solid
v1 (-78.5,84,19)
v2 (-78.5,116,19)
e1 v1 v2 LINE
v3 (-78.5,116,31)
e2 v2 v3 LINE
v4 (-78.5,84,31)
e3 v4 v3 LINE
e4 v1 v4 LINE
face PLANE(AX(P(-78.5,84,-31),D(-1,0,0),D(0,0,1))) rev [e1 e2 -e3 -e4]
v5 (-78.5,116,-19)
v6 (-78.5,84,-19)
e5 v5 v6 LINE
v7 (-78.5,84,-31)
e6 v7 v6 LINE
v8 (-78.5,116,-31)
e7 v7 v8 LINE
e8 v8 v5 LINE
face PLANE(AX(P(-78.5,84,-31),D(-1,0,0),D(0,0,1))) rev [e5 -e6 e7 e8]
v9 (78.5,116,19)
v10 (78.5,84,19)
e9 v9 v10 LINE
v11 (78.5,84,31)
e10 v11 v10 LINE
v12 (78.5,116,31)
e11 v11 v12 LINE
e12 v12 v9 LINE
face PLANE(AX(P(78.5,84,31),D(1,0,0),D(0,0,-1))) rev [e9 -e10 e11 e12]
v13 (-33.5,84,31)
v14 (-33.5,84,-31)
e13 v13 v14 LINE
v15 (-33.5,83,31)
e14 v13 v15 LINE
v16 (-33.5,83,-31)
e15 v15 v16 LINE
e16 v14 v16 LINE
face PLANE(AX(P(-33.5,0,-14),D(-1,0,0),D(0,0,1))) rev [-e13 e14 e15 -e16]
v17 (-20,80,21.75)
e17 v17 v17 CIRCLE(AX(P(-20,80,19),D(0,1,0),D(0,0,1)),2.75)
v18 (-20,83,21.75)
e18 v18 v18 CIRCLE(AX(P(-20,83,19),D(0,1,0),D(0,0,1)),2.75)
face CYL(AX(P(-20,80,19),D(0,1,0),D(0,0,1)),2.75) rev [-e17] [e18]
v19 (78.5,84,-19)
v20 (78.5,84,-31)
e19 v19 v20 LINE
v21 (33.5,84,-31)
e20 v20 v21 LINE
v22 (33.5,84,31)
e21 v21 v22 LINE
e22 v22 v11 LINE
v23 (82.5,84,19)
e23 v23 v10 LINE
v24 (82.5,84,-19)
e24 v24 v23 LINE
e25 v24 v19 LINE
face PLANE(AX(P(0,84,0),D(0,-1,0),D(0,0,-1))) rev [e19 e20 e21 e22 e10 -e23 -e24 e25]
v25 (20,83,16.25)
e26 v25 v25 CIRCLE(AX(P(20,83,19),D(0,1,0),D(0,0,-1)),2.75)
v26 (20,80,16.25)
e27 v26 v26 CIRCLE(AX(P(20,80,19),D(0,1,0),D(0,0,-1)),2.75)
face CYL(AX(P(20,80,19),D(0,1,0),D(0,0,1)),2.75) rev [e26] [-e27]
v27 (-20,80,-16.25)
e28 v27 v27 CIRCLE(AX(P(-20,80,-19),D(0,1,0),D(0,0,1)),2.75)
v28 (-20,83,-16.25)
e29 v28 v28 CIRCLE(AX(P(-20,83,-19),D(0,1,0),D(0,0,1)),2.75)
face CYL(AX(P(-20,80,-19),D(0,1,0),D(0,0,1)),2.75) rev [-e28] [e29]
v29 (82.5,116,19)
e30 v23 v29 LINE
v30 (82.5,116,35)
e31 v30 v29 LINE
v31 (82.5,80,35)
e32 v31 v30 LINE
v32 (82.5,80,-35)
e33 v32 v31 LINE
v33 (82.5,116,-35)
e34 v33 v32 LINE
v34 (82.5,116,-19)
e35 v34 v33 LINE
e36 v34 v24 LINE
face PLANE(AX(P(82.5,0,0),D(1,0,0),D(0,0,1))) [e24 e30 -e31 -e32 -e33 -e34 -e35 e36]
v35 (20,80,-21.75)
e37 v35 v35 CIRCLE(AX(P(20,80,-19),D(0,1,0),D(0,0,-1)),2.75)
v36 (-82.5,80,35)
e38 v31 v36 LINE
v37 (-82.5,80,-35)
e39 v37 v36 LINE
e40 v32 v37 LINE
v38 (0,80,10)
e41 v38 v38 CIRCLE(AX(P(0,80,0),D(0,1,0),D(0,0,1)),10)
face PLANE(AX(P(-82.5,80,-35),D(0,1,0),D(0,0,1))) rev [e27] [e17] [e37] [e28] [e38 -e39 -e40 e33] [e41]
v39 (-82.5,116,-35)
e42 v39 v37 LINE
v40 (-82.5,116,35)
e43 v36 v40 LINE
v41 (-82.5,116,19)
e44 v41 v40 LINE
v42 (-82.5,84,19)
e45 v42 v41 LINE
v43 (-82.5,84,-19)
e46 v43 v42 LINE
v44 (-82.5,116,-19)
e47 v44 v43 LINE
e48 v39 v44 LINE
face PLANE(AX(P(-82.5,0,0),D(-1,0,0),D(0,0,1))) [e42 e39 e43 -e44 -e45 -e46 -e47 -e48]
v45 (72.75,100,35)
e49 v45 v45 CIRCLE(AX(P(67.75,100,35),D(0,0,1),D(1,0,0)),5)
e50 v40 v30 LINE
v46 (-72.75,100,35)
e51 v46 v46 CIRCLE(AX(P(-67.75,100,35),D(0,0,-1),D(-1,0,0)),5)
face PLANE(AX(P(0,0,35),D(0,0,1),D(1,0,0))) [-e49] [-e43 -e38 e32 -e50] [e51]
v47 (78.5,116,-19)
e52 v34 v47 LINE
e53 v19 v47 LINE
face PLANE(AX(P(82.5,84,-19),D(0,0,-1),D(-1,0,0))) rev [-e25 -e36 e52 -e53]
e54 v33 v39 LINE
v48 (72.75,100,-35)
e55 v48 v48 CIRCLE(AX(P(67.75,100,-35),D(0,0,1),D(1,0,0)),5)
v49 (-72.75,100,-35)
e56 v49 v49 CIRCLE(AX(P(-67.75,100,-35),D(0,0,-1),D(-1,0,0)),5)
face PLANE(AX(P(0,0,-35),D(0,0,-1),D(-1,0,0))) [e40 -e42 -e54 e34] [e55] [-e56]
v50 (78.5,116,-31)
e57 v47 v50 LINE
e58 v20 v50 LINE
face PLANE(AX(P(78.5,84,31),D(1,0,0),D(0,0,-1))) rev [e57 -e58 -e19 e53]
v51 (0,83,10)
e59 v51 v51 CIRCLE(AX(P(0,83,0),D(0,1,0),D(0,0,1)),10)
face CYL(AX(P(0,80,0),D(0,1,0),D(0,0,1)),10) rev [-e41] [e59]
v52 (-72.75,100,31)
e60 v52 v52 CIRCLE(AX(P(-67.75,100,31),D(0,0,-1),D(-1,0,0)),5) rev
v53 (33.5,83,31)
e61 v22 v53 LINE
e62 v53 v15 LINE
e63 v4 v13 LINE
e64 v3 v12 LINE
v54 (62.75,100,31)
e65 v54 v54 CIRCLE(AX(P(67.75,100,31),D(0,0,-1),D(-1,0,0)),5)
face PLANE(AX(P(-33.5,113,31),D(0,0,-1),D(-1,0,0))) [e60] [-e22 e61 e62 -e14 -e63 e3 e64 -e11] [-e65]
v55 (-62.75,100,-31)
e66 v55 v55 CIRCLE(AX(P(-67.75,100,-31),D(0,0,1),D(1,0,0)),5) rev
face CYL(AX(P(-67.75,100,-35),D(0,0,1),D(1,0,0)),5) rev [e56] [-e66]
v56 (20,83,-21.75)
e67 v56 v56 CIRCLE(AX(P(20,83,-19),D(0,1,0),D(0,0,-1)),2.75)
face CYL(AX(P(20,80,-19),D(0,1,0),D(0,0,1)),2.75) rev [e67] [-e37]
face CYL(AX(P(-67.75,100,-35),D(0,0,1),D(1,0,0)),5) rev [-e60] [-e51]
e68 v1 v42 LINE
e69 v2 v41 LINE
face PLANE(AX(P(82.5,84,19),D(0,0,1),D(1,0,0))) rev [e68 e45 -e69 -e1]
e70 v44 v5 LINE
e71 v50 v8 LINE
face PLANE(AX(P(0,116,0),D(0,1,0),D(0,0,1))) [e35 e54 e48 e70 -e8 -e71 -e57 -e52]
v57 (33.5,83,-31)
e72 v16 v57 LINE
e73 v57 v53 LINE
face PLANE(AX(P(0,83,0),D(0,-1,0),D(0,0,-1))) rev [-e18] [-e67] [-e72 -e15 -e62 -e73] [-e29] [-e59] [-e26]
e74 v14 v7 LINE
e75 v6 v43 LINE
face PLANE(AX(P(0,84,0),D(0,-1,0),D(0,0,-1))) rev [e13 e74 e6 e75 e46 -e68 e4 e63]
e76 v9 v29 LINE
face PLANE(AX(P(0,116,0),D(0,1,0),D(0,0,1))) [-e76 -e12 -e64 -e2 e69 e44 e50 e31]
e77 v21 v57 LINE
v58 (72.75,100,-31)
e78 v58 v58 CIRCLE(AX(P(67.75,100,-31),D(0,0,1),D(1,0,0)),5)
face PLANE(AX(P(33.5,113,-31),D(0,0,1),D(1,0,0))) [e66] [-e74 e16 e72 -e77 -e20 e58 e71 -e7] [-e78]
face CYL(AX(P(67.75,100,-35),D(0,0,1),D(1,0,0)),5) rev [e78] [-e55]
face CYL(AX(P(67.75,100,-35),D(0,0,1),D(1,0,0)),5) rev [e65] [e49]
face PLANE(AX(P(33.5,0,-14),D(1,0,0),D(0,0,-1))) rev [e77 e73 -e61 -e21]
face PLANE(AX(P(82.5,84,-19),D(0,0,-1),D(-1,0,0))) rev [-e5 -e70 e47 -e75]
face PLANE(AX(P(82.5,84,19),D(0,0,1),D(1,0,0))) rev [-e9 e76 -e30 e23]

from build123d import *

# Parameters (mm, degrees)
SKETCH1_W                 = 75
SKETCH1_H                 = 40
SKETCH1_R                 = 5
SKETCH1_R_2               = 1.7
SKETCH1_W_2               = 10
SKETCH1_H_2               = 20
BOSS_EXTRUDE1_DEPTH       = 3
CUT_EXTRUDE1_DEPTH        = 43.605750786
CUT_EXTRUDE1_DEPTH_BACK   = 43.605750786
SKETCH2_W                 = 67
SKETCH2_H                 = 28
BOSS_EXTRUDE3_DEPTH       = 110
BOSS_EXTRUDE3_DEPTH_BACK  = 3
SKETCH6_W                 = 67
SKETCH6_H                 = 11
CUT_EXTRUDE4_DEPTH        = 122.372360939
SKETCH7_W                 = 70
SKETCH7_H                 = 37
BOSS_EXTRUDE4_DEPTH       = 45
SKETCH8_W                 = 45
SKETCH8_H                 = 62
CUT_EXTRUDE6_DEPTH        = 29
SKETCH11_W                = 45
SKETCH11_H                = 4
CUT_EXTRUDE9_DEPTH        = 157.445677473
SKETCH9_W                 = 38
SKETCH9_H                 = 28.5
CUT_EXTRUDE10_DEPTH       = 204.024629048
SKETCH13_W                = 5
SKETCH13_H                = 38
BOSS_EXTRUDE5_DEPTH       = 32
SKETCH14_R                = 5
SKETCH14_R_2              = 1.7
CUT_EXTRUDE11_DEPTH       = 32
SKETCH15_W                = 165
SKETCH15_H                = 70
SKETCH15_W_2              = 157
SKETCH15_H_2              = 62
BOSS_EXTRUDE6_DEPTH       = 3
SKETCH16_W                = 20
SKETCH16_H                = 4.820648258
CUT_EXTRUDE12_DEPTH       = 159.626132778
SKETCH18_R                = 5
CUT_EXTRUDE14_DEPTH       = 159.626132778
MIRROR6_COPY_1_SKETCH_W   = 5
MIRROR6_COPY_1_SKETCH_H   = 38
MIRROR6_COPY_1_DEPTH      = 32
MIRROR6_COPY_2_SKETCH_R   = 5
MIRROR6_COPY_2_SKETCH_R_2 = 1.7
MIRROR6_COPY_2_DEPTH      = 32
SKETCH19_W                = 38
SKETCH19_H                = 3.5
CUT_EXTRUDE15_DEPTH       = 10
SKETCH20_R                = 1.2
CUT_EXTRUDE16_DEPTH       = 10
SKETCH21_W                = 10
SKETCH21_H                = 80
CUT_EXTRUDE17_DEPTH       = 184.330984833
SKETCH22_W                = 55
SKETCH22_H                = 80
CUT_EXTRUDE18_DEPTH       = 184.330984833
SKETCH23_W                = 67
SKETCH23_H                = 62
BOSS_EXTRUDE7_DEPTH       = 3
SKETCH24_R                = 10
SKETCH24_R_2              = 2.75
CUT_EXTRUDE19_DEPTH       = 111.707949127
SKETCH25_W                = 38
SKETCH25_H                = 64
CUT_EXTRUDE20_DEPTH       = 115


with BuildPart() as part:
    # Sketch1 → Boss-Extrude1 (new body)
    with BuildSketch(Plane(origin=(0, 0, 0), x_dir=(1, 0, 0), z_dir=(0, 1, 0))):
        Rectangle(SKETCH1_W, SKETCH1_H)
        with Locations(Location((-21, 0, 0), (0, 0, 270))):
            Circle(SKETCH1_R, mode=Mode.SUBTRACT)
        with Locations(Location((-30, 8.25, 0), (0, 0, 270))):
            Circle(SKETCH1_R_2, mode=Mode.SUBTRACT)
        with Locations(Location((-12, 8.25, 0), (0, 0, 270))):
            Circle(SKETCH1_R_2, mode=Mode.SUBTRACT)
        with Locations(Location((-12, -8.25, 0), (0, 0, 270))):
            Circle(SKETCH1_R_2, mode=Mode.SUBTRACT)
        with Locations(Location((-30, -8.25, 0), (0, 0, 270))):
            Circle(SKETCH1_R_2, mode=Mode.SUBTRACT)
        with Locations(Location((12, 8.25, 0), (0, 0, 90))):
            Circle(SKETCH1_R_2, mode=Mode.SUBTRACT)
        with Locations(Location((12, -8.25, 0), (0, 0, 90))):
            Circle(SKETCH1_R_2, mode=Mode.SUBTRACT)
        with Locations(Location((21, 0, 0), (0, 0, 90))):
            Circle(SKETCH1_R, mode=Mode.SUBTRACT)
        with Locations(Location((30, -8.25, 0), (0, 0, 90))):
            Circle(SKETCH1_R_2, mode=Mode.SUBTRACT)
        with Locations(Location((30, 8.25, 0), (0, 0, 90))):
            Circle(SKETCH1_R_2, mode=Mode.SUBTRACT)
        Rectangle(SKETCH1_W_2, SKETCH1_H_2, mode=Mode.SUBTRACT)
    extrude(amount=BOSS_EXTRUDE1_DEPTH)

    # Sketch2 → Cut-Extrude1 (cut, two sides: drawn at the far end of the back side and taken through both)
    with BuildSketch(Plane(origin=(0, 3, 0), x_dir=(1, 0, 0), z_dir=(0, 1, 0)).offset(-CUT_EXTRUDE1_DEPTH_BACK)):
        Rectangle(SKETCH2_W, SKETCH2_H)
    extrude(amount=CUT_EXTRUDE1_DEPTH + CUT_EXTRUDE1_DEPTH_BACK, mode=Mode.SUBTRACT)

    # Sketch3 → Boss-Extrude3 (add, two sides: drawn at the far end of the back side and taken through both)
    with BuildSketch(Plane(origin=(0, 3, 0), x_dir=(1, 0, 0), z_dir=(0, 1, 0)).offset(-BOSS_EXTRUDE3_DEPTH_BACK)):
        Polygon((37.5, -35), (37.5, -20), (33.5, -20), (-33.5, -20), (-37.5, -20), (-37.5, -35), align=None)
        Polygon((33.5, 20), (37.5, 20), (37.5, 35), (-37.5, 35), (-37.5, 20), (-33.5, 20), align=None)
        Polygon((37.5, -20), (37.5, 20), (33.5, 20), (33.5, 14), (33.5, -14), (33.5, -20), align=None)
        Polygon((-33.5, 14), (-33.5, 20), (-37.5, 20), (-37.5, -20), (-33.5, -20), (-33.5, -14), align=None)
    extrude(amount=BOSS_EXTRUDE3_DEPTH + BOSS_EXTRUDE3_DEPTH_BACK)

    # Sketch6 → Cut-Extrude4 (cut, through all)
    with BuildSketch(Plane(origin=(0, 3, 0), x_dir=(1, 0, 0), z_dir=(0, 1, 0))):
        with Locations((0, -25.5)):
            Rectangle(SKETCH6_W, SKETCH6_H)
        with Locations((0, 25.5)):
            Rectangle(SKETCH6_W, SKETCH6_H)
    extrude(amount=CUT_EXTRUDE4_DEPTH, mode=Mode.SUBTRACT)

    # Sketch7 → Boss-Extrude4 (add)
    with BuildSketch(Plane.ZY.offset(37.5)):
        with Locations((0, 94.5)):
            Rectangle(SKETCH7_W, SKETCH7_H)
    boss_extrude4 = extrude(amount=BOSS_EXTRUDE4_DEPTH)

    # Mirror2: Boss-Extrude4 across plane
    add(boss_extrude4.mirror(Plane(origin=(0, 0, 0), x_dir=(0, 0, 1), z_dir=(1, 0, 0))))

    # Sketch8 → Cut-Extrude6 (cut)
    with BuildSketch(Plane(origin=(0, 113, 0), x_dir=(1, 0, 0), z_dir=(0, 1, 0))):
        with Locations((-56, 0)):
            Rectangle(SKETCH8_W, SKETCH8_H)
        with Locations((56, 0)):
            Rectangle(SKETCH8_W, SKETCH8_H)
    extrude(amount=-CUT_EXTRUDE6_DEPTH, mode=Mode.SUBTRACT)

    # Sketch11 → Cut-Extrude9 (cut, through all)
    with BuildSketch(Plane.XY.offset(35)):
        with Locations((-60, 78)):
            Rectangle(SKETCH11_W, SKETCH11_H)
        with Locations((60, 78)):
            Rectangle(SKETCH11_W, SKETCH11_H)
    extrude(amount=-CUT_EXTRUDE9_DEPTH, mode=Mode.SUBTRACT)

    # Sketch9 → Cut-Extrude10 (cut, through all)
    with BuildSketch(Plane.ZY.offset(82.5)):
        with Locations((0, 98.25)):
            Rectangle(SKETCH9_W, SKETCH9_H)
    extrude(amount=-CUT_EXTRUDE10_DEPTH, mode=Mode.SUBTRACT)

    # Sketch13 → Boss-Extrude5 (add)
    with BuildSketch(Plane(origin=(0, 84, 0), x_dir=(1, 0, 0), z_dir=(0, 1, 0))):
        with Locations((-54.5, 0)):
            Rectangle(SKETCH13_W, SKETCH13_H)
    boss_extrude5 = extrude(amount=BOSS_EXTRUDE5_DEPTH)

    # Sketch14 → Cut-Extrude11 (cut)
    with BuildSketch(Plane.ZY.offset(57)):
        with Locations((0, 98.25)):
            Circle(SKETCH14_R)
        with Locations((-9, 106.5)):
            Circle(SKETCH14_R_2)
        with Locations((9, 106.5)):
            Circle(SKETCH14_R_2)
        with Locations((9, 90)):
            Circle(SKETCH14_R_2)
        with Locations((-9, 90)):
            Circle(SKETCH14_R_2)
    cut_extrude11 = extrude(amount=-CUT_EXTRUDE11_DEPTH, mode=Mode.SUBTRACT)

    # Mirror4: Boss-Extrude5, Cut-Extrude11 across plane
    add(boss_extrude5.mirror(Plane(origin=(0, 0, 0), x_dir=(0, 0, 1), z_dir=(1, 0, 0))))
    add(cut_extrude11.mirror(Plane(origin=(0, 0, 0), x_dir=(0, 0, 1), z_dir=(1, 0, 0))), mode=Mode.SUBTRACT)

    # Sketch15 → Boss-Extrude6 (add)
    with BuildSketch(Plane(origin=(0, 113, 0), x_dir=(1, 0, 0), z_dir=(0, 1, 0))):
        Rectangle(SKETCH15_W, SKETCH15_H)
        Rectangle(SKETCH15_W_2, SKETCH15_H_2, mode=Mode.SUBTRACT)
    extrude(amount=BOSS_EXTRUDE6_DEPTH)

    # Sketch16 → Cut-Extrude12 (cut, through all)
    with BuildSketch(Plane.XY.offset(35)):
        with Locations((0, 11.636111214)):
            Rectangle(SKETCH16_W, SKETCH16_H)
    extrude(amount=-CUT_EXTRUDE12_DEPTH, mode=Mode.SUBTRACT)

    # Sketch18 → Cut-Extrude14 (cut, through all)
    with BuildSketch(Plane.XY.offset(35)):
        with Locations((67.75, 100)):
            Circle(SKETCH18_R)
    cut_extrude14 = extrude(amount=-CUT_EXTRUDE14_DEPTH, mode=Mode.SUBTRACT)

    # Mirror5: Cut-Extrude14 across plane
    add(cut_extrude14.mirror(Plane(origin=(0, 0, 0), x_dir=(0, 0, 1), z_dir=(1, 0, 0))), mode=Mode.SUBTRACT)

    # Mirror6: Boss-Extrude5, Cut-Extrude11 across plane
    add(boss_extrude5.mirror(Plane.ZX.offset(116)))
    add(cut_extrude11.mirror(Plane.ZX.offset(116)), mode=Mode.SUBTRACT)

    # Mirror6 copy 1 sketch → Mirror6 copy 1 (add)
    with BuildSketch(Plane(origin=(0, 148, 0), x_dir=(-1, 0, 0), z_dir=(0, -1, 0))):
        with Locations((-54.5, 0)):
            Rectangle(MIRROR6_COPY_1_SKETCH_W, MIRROR6_COPY_1_SKETCH_H)
    extrude(amount=MIRROR6_COPY_1_DEPTH)

    # Mirror6 copy 2 sketch → Mirror6 copy 2 (cut)
    with BuildSketch(Plane(origin=(57, 232, 0), x_dir=(0, 0, 1), z_dir=(1, 0, 0))):
        with Locations((0, 98.25)):
            Circle(MIRROR6_COPY_2_SKETCH_R)
        with Locations((-9, 106.5)):
            Circle(MIRROR6_COPY_2_SKETCH_R_2)
        with Locations((9, 106.5)):
            Circle(MIRROR6_COPY_2_SKETCH_R_2)
        with Locations((9, 90)):
            Circle(MIRROR6_COPY_2_SKETCH_R_2)
        with Locations((-9, 90)):
            Circle(MIRROR6_COPY_2_SKETCH_R_2)
    extrude(amount=-MIRROR6_COPY_2_DEPTH, mode=Mode.SUBTRACT)

    # Sketch19 → Cut-Extrude15 (cut)
    with BuildSketch(Plane(origin=(82.5, 0, 0), x_dir=(0, 0, -1), z_dir=(1, 0, 0))):
        with Locations((0, 114.25)):
            Rectangle(SKETCH19_W, SKETCH19_H)
    cut_extrude15 = extrude(amount=-CUT_EXTRUDE15_DEPTH, mode=Mode.SUBTRACT)

    # Mirror7: Cut-Extrude15 across plane
    add(cut_extrude15.mirror(Plane(origin=(0, 0, 0), x_dir=(0, 0, 1), z_dir=(1, 0, 0))), mode=Mode.SUBTRACT)

    # Sketch20 → Cut-Extrude16 (cut)
    with BuildSketch(Plane(origin=(0, 3, 0), x_dir=(1, 0, 0), z_dir=(0, 1, 0))):
        with Locations(Location((-24, 17.5, 0), (0, 0, 270))):
            Circle(SKETCH20_R)
        with Locations(Location((-12, 17.5, 0), (0, 0, 270))):
            Circle(SKETCH20_R)
        with Locations(Location((12, 17.5, 0), (0, 0, 270))):
            Circle(SKETCH20_R)
        with Locations(Location((-24, -17.5, 0), (0, 0, 270))):
            Circle(SKETCH20_R)
        with Locations(Location((-12, -17.5, 0), (0, 0, 270))):
            Circle(SKETCH20_R)
        with Locations(Location((24, 17.5, 0), (0, 0, 270))):
            Circle(SKETCH20_R)
        with Locations(Location((12, -17.5, 0), (0, 0, 270))):
            Circle(SKETCH20_R)
        with Locations(Location((24, -17.5, 0), (0, 0, 270))):
            Circle(SKETCH20_R)
    extrude(amount=-CUT_EXTRUDE16_DEPTH, mode=Mode.SUBTRACT)

    # Sketch21 → Cut-Extrude17 (cut, through all)
    with BuildSketch(Plane.XY.offset(35)):
        with Locations((32.5, 40)):
            Rectangle(SKETCH21_W, SKETCH21_H)
        with Locations((-32.5, 40)):
            Rectangle(SKETCH21_W, SKETCH21_H)
    extrude(amount=-CUT_EXTRUDE17_DEPTH, mode=Mode.SUBTRACT)

    # Sketch22 → Cut-Extrude18 (cut, through all)
    with BuildSketch(Plane.XY.offset(35)):
        with Locations((0, 40)):
            Rectangle(SKETCH22_W, SKETCH22_H)
    extrude(amount=-CUT_EXTRUDE18_DEPTH, mode=Mode.SUBTRACT)

    # Sketch23 → Boss-Extrude7 (add)
    with BuildSketch(Plane.XZ.offset(-80)):
        Rectangle(SKETCH23_W, SKETCH23_H)
    extrude(amount=-BOSS_EXTRUDE7_DEPTH)

    # Sketch24 → Cut-Extrude19 (cut, through all)
    with BuildSketch(Plane(origin=(0, 83, 0), x_dir=(1, 0, 0), z_dir=(0, 1, 0))):
        with Locations(Location((0, 0, 0), (0, 0, 270))):
            Circle(SKETCH24_R)
        with Locations(Location((-20, 19, 0), (0, 0, 270))):
            Circle(SKETCH24_R_2)
        with Locations(Location((-20, -19, 0), (0, 0, 270))):
            Circle(SKETCH24_R_2)
        with Locations(Location((20, -19, 0), (0, 0, 90))):
            Circle(SKETCH24_R_2)
        with Locations(Location((20, 19, 0), (0, 0, 90))):
            Circle(SKETCH24_R_2)
    extrude(amount=-CUT_EXTRUDE19_DEPTH, mode=Mode.SUBTRACT)

    # Sketch25 → Cut-Extrude20 (cut)
    with BuildSketch(Plane(origin=(57, 0, 0), x_dir=(0, 0, -1), z_dir=(1, 0, 0))):
        with Locations((0, 116)):
            Rectangle(SKETCH25_W, SKETCH25_H)
    extrude(amount=-CUT_EXTRUDE20_DEPTH, mode=Mode.SUBTRACT)


solid = part.part
